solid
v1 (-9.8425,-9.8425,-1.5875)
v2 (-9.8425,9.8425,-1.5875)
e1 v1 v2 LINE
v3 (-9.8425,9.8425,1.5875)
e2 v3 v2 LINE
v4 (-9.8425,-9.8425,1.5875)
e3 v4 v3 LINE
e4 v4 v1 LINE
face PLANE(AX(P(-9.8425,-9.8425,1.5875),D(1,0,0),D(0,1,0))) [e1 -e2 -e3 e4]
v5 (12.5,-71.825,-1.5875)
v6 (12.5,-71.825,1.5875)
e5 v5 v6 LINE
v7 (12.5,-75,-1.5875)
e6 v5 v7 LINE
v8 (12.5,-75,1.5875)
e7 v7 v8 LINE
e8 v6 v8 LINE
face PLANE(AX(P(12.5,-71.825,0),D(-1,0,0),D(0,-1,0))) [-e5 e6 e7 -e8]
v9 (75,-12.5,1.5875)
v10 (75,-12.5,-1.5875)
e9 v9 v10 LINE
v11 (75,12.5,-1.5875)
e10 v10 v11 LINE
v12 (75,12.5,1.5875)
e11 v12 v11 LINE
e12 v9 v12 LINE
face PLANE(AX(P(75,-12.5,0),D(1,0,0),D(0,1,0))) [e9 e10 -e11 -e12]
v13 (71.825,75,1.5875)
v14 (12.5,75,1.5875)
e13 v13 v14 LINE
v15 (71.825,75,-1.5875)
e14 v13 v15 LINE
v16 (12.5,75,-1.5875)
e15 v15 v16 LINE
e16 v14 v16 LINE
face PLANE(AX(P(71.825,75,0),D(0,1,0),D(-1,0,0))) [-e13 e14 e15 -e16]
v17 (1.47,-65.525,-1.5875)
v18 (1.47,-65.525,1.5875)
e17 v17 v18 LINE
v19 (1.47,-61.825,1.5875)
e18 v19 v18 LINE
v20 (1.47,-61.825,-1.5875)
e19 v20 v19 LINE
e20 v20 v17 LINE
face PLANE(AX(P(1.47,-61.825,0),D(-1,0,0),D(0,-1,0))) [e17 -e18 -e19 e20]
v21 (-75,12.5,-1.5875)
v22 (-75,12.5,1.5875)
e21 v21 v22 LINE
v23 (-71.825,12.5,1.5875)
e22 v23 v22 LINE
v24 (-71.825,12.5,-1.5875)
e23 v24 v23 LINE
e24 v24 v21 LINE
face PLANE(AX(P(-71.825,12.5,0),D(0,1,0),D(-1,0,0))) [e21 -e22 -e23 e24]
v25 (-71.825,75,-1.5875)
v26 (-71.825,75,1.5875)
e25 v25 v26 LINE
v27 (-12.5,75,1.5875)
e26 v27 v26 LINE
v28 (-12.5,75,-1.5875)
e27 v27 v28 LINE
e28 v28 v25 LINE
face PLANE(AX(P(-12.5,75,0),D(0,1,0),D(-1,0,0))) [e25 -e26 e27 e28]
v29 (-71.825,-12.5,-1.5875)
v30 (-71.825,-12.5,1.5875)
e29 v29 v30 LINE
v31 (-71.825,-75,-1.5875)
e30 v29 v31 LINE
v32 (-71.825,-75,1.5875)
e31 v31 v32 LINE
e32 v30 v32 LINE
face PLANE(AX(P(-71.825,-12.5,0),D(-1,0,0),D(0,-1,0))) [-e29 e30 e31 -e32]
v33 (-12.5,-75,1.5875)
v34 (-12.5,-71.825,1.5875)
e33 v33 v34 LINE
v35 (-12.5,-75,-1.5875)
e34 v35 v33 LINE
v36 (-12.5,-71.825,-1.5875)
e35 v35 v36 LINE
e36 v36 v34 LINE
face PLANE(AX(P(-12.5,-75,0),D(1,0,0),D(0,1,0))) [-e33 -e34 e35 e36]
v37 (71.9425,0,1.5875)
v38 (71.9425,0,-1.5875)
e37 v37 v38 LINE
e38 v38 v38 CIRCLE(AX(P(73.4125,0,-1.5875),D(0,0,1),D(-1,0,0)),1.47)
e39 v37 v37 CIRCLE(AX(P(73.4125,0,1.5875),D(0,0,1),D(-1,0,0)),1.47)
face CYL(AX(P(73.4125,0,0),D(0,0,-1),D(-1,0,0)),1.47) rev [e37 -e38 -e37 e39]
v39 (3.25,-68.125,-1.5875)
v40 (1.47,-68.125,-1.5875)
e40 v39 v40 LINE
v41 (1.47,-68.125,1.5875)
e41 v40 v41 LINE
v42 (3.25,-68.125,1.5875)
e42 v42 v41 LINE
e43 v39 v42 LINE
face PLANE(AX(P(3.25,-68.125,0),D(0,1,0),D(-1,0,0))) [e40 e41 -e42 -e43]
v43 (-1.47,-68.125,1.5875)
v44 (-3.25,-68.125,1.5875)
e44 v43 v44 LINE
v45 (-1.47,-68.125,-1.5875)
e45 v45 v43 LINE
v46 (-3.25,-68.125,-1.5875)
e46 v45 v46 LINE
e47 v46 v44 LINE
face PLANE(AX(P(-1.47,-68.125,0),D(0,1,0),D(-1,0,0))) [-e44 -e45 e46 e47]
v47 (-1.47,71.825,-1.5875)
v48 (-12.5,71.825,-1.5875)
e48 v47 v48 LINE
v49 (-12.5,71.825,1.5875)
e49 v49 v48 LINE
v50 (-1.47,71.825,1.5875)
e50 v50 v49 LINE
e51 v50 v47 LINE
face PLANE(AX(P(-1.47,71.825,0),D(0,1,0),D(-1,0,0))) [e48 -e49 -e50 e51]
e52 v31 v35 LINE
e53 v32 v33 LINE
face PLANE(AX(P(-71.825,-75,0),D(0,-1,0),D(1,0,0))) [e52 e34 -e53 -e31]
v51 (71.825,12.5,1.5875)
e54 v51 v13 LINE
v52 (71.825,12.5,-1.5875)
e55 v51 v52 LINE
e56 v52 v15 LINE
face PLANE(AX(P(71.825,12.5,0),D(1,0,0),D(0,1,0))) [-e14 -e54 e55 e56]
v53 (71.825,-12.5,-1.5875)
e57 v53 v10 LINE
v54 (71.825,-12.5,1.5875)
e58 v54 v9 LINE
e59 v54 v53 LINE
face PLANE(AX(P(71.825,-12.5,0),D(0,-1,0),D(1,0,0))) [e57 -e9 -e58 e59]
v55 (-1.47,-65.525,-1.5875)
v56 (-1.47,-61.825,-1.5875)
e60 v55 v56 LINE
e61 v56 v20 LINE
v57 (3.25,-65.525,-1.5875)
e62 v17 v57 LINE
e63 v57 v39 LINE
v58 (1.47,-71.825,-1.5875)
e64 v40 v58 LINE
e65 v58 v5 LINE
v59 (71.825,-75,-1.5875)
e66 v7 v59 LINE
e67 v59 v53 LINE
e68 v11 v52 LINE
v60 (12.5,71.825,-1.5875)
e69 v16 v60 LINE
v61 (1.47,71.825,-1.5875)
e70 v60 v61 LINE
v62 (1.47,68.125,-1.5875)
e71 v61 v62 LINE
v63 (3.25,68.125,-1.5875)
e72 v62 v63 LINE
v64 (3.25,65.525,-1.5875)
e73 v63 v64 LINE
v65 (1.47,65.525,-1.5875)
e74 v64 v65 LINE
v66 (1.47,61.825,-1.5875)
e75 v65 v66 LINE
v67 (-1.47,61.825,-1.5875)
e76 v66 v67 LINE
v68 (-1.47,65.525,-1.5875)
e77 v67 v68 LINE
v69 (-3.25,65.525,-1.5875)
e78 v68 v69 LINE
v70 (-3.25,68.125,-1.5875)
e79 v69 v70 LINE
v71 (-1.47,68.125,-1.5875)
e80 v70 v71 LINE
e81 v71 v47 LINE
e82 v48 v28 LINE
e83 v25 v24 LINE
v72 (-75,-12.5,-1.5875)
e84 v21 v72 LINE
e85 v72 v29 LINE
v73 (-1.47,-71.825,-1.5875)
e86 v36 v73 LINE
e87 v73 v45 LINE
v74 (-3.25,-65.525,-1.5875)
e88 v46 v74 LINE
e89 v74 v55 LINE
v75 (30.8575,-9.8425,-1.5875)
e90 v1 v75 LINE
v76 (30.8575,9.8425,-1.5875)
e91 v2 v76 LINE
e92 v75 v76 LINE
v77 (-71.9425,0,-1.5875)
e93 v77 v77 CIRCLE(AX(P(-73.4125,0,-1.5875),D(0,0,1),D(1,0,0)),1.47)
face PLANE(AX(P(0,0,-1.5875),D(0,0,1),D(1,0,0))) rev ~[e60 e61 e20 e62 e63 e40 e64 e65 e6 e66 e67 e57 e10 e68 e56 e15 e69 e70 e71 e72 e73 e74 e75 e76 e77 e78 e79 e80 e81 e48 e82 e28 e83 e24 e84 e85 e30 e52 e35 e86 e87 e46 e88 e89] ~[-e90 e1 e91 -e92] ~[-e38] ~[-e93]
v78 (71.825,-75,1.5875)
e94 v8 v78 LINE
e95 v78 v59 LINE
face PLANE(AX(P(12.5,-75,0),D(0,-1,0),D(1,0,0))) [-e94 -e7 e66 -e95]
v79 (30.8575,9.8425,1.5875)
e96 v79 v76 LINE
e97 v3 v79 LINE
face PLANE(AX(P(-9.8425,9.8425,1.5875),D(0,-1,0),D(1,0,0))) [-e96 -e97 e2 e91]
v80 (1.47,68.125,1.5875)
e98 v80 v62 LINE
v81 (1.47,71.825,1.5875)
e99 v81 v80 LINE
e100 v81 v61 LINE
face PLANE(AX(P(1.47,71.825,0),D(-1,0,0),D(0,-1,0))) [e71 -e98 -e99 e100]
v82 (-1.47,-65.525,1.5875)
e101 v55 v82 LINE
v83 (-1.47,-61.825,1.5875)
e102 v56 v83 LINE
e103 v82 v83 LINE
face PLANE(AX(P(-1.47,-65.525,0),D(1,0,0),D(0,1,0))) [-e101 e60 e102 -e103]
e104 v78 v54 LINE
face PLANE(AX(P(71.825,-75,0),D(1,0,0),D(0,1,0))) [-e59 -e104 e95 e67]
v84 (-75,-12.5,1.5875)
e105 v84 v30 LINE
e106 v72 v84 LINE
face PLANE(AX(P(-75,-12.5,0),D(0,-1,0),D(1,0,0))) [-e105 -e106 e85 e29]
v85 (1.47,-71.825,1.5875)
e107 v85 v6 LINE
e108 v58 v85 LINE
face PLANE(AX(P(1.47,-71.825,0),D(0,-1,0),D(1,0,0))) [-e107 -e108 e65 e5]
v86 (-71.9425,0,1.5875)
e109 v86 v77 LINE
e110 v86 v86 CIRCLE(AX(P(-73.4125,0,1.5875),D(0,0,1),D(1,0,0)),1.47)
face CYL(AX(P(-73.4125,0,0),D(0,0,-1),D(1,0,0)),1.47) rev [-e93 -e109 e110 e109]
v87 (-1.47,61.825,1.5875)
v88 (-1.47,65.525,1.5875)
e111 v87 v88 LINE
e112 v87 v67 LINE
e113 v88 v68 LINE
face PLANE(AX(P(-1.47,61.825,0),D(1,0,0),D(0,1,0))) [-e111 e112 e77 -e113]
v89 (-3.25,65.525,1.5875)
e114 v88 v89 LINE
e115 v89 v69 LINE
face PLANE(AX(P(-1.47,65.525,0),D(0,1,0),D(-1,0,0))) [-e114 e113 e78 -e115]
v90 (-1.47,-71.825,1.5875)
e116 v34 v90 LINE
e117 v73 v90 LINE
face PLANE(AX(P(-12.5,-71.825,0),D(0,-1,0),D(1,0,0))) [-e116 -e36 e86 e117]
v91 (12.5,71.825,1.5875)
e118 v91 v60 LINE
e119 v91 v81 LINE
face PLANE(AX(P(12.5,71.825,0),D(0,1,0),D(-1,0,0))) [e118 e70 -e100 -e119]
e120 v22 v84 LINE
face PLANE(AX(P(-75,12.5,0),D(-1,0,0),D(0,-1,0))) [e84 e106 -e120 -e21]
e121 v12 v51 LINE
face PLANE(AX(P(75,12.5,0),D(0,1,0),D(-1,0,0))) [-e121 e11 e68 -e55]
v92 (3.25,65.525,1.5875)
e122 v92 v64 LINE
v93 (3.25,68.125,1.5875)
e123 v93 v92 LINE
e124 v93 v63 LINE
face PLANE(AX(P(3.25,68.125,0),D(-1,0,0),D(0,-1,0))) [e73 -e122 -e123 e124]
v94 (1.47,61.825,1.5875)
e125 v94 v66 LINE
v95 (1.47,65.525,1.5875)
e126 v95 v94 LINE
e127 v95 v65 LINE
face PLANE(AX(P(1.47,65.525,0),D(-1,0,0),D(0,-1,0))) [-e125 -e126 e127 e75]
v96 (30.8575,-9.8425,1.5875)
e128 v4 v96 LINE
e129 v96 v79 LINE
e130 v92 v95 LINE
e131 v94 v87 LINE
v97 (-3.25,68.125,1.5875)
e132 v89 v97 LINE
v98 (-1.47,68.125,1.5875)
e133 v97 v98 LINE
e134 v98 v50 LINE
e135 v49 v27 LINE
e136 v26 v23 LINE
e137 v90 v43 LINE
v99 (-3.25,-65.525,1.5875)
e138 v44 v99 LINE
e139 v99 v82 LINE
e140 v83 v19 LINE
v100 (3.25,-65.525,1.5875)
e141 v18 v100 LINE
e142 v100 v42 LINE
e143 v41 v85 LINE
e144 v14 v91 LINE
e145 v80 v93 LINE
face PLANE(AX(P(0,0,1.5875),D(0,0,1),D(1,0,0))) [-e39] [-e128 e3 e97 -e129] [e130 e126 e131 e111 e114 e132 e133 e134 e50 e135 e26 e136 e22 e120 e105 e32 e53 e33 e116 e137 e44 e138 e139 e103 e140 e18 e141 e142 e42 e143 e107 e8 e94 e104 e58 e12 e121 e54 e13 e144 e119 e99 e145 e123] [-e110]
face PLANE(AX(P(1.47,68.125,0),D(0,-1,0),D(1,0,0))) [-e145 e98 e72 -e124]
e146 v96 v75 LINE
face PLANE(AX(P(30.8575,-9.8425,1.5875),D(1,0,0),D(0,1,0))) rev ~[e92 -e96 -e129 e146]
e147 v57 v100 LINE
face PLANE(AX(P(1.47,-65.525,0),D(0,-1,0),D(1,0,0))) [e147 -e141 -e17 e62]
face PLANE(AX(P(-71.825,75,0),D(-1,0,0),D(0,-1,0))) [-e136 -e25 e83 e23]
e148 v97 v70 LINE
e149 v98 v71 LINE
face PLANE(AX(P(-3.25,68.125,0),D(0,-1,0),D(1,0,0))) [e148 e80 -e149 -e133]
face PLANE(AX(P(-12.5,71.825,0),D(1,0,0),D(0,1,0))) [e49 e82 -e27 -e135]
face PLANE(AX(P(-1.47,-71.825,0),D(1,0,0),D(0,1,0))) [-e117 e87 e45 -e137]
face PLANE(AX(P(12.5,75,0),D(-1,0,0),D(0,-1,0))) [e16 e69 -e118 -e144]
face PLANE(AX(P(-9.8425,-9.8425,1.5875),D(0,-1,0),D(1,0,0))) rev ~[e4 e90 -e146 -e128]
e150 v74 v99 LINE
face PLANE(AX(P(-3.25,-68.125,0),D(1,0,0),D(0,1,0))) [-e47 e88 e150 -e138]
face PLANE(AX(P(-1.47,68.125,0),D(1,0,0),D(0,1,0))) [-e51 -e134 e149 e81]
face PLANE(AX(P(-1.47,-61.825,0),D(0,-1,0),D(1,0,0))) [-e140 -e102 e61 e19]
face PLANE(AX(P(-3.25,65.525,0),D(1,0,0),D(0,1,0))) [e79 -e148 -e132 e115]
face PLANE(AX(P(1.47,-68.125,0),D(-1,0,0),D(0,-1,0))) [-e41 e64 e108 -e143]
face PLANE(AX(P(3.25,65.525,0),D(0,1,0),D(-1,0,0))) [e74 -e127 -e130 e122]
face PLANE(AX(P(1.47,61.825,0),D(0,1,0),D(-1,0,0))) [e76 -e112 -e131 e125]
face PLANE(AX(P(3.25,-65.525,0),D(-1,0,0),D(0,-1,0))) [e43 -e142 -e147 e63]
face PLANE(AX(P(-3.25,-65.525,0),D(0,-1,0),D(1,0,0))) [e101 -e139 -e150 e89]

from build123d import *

# Parameters (mm, degrees)
SKETCH1_R           = 1.47
BOSS_EXTRUDE1_DEPTH = 1.5875
SKETCH2_W           = 40.7
SKETCH2_H           = 19.685
CUT_EXTRUDE1_DEPTH  = 107.113527059


with BuildPart() as part:
    # Sketch1 → Boss-Extrude1 (new, symmetric)
    with BuildSketch(Plane.XY):
        Polygon((-12.5, 75), (-71.825, 75), (-71.825, 12.5), (-75, 12.5), (-75, -12.5), (-71.825, -12.5), (-71.825, -75), (-12.5, -75), (-12.5, -71.825), (-1.47, -71.825), (-1.47, -68.125), (-3.25, -68.125), (-3.25, -65.525), (-1.47, -65.525), (-1.47, -61.825), (1.47, -61.825), (1.47, -65.525), (3.25, -65.525), (3.25, -68.125), (1.47, -68.125), (1.47, -71.825), (12.5, -71.825), (12.5, -75), (71.825, -75), (71.825, -12.5), (75, -12.5), (75, 12.5), (71.825, 12.5), (71.825, 75), (12.5, 75), (12.5, 71.825), (1.47, 71.825), (1.47, 68.125), (3.25, 68.125), (3.25, 65.525), (1.47, 65.525), (1.47, 61.825), (-1.47, 61.825), (-1.47, 65.525), (-3.25, 65.525), (-3.25, 68.125), (-1.47, 68.125), (-1.47, 71.825), (-12.5, 71.825), align=None)
        with Locations((-73.4125, 0)):
            Circle(SKETCH1_R, mode=Mode.SUBTRACT)
        with Locations(Location((73.4125, 0, 0), (0, 0, 180))):
            Circle(SKETCH1_R, mode=Mode.SUBTRACT)
    extrude(amount=BOSS_EXTRUDE1_DEPTH, both=True)

    # Sketch2 → Cut-Extrude1 (cut, through all)
    with BuildSketch(Plane.XY.offset(1.5875)):
        with Locations((10.5075, 0)):
            Rectangle(SKETCH2_W, SKETCH2_H)
    extrude(amount=-CUT_EXTRUDE1_DEPTH, mode=Mode.SUBTRACT)


solid = part.part
